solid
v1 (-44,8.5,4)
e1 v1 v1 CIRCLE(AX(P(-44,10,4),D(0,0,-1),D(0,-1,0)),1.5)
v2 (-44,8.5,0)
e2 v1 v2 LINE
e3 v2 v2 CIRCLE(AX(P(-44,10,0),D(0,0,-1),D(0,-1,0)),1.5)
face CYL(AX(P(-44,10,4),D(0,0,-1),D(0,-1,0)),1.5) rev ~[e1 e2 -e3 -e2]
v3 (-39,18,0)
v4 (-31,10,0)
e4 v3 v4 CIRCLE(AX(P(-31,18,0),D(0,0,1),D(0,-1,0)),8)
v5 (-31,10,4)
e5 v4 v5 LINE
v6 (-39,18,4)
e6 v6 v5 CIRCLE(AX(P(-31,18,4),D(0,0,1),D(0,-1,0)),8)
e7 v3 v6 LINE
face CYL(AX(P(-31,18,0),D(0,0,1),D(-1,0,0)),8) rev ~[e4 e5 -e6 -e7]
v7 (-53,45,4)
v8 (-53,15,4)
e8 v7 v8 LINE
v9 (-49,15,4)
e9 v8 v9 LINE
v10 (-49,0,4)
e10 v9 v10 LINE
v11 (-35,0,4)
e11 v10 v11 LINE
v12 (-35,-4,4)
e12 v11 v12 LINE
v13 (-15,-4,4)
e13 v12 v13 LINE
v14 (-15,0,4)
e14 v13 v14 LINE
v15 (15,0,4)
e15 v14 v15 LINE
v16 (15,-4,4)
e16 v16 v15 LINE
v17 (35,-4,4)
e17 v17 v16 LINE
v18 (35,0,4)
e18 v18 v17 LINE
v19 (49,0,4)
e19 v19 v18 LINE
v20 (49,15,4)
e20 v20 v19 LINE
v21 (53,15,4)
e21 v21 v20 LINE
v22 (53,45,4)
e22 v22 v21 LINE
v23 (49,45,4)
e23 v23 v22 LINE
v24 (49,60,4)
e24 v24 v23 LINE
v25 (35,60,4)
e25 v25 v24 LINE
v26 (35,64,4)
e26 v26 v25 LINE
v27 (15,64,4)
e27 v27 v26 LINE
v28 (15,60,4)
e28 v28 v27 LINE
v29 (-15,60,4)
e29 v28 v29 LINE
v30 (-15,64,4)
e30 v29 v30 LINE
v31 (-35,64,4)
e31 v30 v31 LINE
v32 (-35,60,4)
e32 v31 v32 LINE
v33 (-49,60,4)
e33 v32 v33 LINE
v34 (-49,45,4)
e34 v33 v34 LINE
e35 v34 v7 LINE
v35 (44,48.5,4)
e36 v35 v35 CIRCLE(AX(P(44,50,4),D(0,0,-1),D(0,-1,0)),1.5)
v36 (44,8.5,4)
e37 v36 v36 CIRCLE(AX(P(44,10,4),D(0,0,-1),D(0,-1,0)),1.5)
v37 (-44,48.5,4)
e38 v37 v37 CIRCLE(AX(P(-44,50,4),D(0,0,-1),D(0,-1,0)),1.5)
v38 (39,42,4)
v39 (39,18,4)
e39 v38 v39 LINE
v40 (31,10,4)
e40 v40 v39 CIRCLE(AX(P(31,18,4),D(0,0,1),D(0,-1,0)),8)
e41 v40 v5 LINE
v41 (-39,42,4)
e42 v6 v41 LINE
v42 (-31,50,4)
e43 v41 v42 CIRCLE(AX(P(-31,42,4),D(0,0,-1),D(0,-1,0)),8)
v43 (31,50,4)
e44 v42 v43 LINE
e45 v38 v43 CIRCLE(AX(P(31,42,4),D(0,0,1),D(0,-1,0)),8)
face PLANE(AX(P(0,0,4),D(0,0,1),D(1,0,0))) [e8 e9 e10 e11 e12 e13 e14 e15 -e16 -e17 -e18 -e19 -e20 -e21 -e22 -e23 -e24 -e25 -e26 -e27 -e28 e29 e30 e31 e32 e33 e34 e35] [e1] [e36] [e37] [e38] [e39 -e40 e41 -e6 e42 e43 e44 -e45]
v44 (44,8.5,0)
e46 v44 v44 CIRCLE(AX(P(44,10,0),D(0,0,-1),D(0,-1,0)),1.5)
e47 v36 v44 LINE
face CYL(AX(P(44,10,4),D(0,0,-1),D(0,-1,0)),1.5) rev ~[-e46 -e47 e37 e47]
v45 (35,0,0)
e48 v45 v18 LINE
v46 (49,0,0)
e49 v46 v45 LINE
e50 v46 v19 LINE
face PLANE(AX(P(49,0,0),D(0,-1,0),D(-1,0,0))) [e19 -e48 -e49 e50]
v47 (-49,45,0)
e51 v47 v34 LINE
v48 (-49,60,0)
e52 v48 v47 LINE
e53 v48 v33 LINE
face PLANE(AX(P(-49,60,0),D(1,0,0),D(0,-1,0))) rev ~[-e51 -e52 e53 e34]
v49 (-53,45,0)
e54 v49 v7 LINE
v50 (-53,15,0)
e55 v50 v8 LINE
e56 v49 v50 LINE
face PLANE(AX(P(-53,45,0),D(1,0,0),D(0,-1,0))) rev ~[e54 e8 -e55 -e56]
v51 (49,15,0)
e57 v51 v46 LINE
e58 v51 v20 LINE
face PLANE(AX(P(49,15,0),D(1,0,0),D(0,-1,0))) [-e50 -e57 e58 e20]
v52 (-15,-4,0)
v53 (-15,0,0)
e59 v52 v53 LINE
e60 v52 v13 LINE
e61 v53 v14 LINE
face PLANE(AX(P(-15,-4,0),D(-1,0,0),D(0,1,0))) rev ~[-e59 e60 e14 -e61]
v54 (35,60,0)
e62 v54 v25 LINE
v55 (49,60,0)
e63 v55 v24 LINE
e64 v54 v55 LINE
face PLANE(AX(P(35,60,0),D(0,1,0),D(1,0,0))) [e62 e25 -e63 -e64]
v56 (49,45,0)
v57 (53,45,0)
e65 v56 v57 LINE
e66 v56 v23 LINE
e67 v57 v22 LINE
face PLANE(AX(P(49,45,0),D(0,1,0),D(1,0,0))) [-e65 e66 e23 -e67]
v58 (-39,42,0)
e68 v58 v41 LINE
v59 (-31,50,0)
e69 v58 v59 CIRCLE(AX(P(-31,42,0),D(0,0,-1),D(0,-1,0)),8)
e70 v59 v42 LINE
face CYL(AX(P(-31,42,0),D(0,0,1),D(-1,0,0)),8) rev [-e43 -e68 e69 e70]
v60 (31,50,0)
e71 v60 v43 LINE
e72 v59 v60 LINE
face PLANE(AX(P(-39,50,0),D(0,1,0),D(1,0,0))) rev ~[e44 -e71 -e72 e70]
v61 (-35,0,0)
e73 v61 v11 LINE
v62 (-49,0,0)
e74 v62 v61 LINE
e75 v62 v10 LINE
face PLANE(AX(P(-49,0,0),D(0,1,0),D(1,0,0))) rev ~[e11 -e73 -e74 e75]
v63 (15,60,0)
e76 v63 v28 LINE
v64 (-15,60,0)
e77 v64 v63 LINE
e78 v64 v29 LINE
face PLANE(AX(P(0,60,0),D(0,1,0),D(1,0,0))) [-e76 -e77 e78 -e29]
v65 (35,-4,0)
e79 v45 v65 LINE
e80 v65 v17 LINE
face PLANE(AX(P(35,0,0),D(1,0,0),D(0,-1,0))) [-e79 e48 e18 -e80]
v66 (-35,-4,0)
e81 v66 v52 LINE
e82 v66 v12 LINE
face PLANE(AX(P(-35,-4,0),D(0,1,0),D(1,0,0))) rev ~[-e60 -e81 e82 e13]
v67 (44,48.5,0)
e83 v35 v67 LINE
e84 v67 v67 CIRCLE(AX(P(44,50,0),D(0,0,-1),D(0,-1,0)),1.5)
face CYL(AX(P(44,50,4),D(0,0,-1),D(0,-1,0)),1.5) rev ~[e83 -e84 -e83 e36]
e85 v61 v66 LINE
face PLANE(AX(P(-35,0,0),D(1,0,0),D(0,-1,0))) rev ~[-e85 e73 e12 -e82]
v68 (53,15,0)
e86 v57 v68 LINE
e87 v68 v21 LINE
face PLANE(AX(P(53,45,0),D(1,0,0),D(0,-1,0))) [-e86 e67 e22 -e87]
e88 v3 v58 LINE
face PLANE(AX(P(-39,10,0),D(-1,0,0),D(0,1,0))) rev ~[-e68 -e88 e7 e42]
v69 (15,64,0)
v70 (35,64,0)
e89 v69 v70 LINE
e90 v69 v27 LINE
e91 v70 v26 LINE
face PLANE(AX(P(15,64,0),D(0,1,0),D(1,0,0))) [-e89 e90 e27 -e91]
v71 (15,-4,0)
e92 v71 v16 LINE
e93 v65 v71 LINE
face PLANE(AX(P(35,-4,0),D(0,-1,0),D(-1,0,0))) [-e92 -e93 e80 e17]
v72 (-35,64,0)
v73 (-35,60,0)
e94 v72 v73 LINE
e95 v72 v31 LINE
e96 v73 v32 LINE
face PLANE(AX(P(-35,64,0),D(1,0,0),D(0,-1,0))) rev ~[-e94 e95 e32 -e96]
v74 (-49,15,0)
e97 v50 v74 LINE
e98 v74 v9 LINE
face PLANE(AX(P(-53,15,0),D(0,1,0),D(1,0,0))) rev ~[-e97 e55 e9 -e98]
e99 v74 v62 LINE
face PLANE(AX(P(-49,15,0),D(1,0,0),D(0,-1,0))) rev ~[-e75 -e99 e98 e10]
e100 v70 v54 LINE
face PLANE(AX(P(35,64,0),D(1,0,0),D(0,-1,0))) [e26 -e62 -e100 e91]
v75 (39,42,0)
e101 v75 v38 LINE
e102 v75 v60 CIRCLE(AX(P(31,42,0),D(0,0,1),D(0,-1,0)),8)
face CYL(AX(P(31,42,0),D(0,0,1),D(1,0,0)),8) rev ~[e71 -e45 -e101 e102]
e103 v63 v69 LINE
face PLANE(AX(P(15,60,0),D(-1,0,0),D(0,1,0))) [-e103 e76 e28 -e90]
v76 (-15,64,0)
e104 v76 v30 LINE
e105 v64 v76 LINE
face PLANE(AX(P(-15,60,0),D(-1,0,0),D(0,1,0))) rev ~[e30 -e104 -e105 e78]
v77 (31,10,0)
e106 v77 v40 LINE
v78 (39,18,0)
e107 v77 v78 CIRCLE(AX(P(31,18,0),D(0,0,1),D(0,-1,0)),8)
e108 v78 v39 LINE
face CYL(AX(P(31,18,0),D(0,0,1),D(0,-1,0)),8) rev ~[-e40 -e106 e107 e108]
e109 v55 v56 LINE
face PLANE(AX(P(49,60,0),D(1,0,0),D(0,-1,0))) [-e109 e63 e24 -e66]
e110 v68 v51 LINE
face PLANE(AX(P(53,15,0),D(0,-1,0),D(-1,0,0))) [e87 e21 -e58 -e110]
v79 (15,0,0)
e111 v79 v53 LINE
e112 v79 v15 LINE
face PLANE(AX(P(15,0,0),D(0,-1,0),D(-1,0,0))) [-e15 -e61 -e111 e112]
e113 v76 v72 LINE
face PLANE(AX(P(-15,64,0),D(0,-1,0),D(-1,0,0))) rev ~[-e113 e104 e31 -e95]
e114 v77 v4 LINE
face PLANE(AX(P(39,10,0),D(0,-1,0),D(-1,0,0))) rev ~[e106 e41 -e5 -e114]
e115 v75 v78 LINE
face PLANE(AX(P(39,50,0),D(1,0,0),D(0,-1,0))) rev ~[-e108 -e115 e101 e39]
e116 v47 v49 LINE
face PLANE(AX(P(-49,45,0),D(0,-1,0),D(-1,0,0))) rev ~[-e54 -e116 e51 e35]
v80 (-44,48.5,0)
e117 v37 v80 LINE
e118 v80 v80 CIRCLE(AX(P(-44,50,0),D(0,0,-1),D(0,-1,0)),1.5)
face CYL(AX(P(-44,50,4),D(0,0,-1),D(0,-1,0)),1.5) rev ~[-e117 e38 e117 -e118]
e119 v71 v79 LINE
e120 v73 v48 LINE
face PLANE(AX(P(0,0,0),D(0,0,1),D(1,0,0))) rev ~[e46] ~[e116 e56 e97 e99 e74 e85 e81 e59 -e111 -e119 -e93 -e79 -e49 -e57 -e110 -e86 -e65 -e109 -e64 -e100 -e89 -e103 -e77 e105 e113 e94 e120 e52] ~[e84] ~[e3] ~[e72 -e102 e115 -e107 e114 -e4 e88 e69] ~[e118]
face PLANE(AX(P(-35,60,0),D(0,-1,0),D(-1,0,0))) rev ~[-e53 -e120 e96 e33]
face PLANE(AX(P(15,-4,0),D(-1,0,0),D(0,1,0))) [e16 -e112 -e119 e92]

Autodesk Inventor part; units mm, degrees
ref_plane "YZ Plane" through (0, 0, 0) normal (1, 0, 0) x (0, 1, 0)
ref_plane "XZ Plane" through (0, 0, 0) normal (0, 1, 0) x (-1, 0, 0)
ref_plane "XY Plane" through (0, 0, 0) normal (0, 0, 1) x (1, 0, 0)
sketch "Эскиз1" plane through (0, 0, 0) normal (0, 0, 1) x (1, 0, 0)
  line L0 (0, 0) -> (0, 60) construction
  line L1 (0, 60) -> (-15, 60)
  line L2 (-15, 60) -> (-15, 64)
  line L3 (-15, 64) -> (-35, 64)
  line L4 (-35, 64) -> (-35, 60)
  line L5 (-35, 60) -> (-49, 60)
  line L6 (-49, 60) -> (-49, 45)
  line L7 (-49, 45) -> (-53, 45)
  line L8 (-53, 45) -> (-53, 15)
  line L9 (-53, 15) -> (-49, 15)
  line L10 (-49, 15) -> (-49, 0)
  line L11 (-49, 0) -> (-35, 0)
  line L12 (-35, 0) -> (-35, -4)
  line L13 (-35, -4) -> (-15, -4)
  line L14 (-15, -4) -> (-15, 0)
  line L15 (-15, 0) -> (0, 0)
  line L16 (0, 60) -> (15, 60)
  line L17 (15, 60) -> (15, 64)
  line L18 (15, 64) -> (35, 64)
  line L19 (35, 64) -> (35, 60)
  line L20 (35, 60) -> (49, 60)
  line L21 (49, 60) -> (49, 45)
  line L22 (49, 45) -> (53, 45)
  line L23 (53, 45) -> (53, 15)
  line L24 (53, 15) -> (49, 15)
  line L25 (49, 15) -> (49, 0)
  line L26 (49, 0) -> (35, 0)
  line L27 (35, 0) -> (35, -4)
  line L28 (35, -4) -> (15, -4)
  line L29 (15, -4) -> (15, 0)
  line L30 (15, 0) -> (0, 0)
  line L31 (-39, 50) -> (39, 50)
  line L32 (39, 50) -> (39, 10)
  line L33 (39, 10) -> (-39, 10)
  line L34 (-39, 10) -> (-39, 50)
  point P0 (-53, 30)
  point P1 (0, 30)
  point P2 (53, 30)
  dimension "d0" = 30
  dimension "d1" = 4
  dimension "d2" = 98
  dimension "d3" = 30
  dimension "d4" = 20
  dimension "d5" = 60
  dimension "d6" = 10
  dimension "d7" = 10
  dimension "d8" = 10
extrude "Выдавливание1" add sketch "Эскиз1" along normal blind 4
fillet "Сопряжение1" radius 8 4 edges at (-39, 10, 2) (-39, 50, 2) (39, 50, 2) (39, 10, 2)
sketch "Эскиз2" plane through (0, 0, 4) normal (0, 0, 1) x (1, 0, 0)
  line L0 (0, 0) -> (0, 60)
  line L1 (-15, 60) -> (15, 60) projected
  line L2 (-35, 60) -> (-49, 60) projected
  line L3 (-49, 0) -> (-35, 0) projected
  line L4 (-49, 60) -> (-49, 45) projected
  point P0 (44, 10)
  point P1 (44, 50)
  point P2 (-44, 10)
  point P3 (-44, 50)
  dimension "d19" = 10
  dimension "d20" = 10
  dimension "d21" = 5
hole "Отверстие1" at (44, 10, 4) at (44, 50, 4) at (-44, 10, 4) at (-44, 50, 4) direction (0, 0, -1) diameter 3 end through all
properties part number "stiffenerFront" material "Дерево (береза)"
